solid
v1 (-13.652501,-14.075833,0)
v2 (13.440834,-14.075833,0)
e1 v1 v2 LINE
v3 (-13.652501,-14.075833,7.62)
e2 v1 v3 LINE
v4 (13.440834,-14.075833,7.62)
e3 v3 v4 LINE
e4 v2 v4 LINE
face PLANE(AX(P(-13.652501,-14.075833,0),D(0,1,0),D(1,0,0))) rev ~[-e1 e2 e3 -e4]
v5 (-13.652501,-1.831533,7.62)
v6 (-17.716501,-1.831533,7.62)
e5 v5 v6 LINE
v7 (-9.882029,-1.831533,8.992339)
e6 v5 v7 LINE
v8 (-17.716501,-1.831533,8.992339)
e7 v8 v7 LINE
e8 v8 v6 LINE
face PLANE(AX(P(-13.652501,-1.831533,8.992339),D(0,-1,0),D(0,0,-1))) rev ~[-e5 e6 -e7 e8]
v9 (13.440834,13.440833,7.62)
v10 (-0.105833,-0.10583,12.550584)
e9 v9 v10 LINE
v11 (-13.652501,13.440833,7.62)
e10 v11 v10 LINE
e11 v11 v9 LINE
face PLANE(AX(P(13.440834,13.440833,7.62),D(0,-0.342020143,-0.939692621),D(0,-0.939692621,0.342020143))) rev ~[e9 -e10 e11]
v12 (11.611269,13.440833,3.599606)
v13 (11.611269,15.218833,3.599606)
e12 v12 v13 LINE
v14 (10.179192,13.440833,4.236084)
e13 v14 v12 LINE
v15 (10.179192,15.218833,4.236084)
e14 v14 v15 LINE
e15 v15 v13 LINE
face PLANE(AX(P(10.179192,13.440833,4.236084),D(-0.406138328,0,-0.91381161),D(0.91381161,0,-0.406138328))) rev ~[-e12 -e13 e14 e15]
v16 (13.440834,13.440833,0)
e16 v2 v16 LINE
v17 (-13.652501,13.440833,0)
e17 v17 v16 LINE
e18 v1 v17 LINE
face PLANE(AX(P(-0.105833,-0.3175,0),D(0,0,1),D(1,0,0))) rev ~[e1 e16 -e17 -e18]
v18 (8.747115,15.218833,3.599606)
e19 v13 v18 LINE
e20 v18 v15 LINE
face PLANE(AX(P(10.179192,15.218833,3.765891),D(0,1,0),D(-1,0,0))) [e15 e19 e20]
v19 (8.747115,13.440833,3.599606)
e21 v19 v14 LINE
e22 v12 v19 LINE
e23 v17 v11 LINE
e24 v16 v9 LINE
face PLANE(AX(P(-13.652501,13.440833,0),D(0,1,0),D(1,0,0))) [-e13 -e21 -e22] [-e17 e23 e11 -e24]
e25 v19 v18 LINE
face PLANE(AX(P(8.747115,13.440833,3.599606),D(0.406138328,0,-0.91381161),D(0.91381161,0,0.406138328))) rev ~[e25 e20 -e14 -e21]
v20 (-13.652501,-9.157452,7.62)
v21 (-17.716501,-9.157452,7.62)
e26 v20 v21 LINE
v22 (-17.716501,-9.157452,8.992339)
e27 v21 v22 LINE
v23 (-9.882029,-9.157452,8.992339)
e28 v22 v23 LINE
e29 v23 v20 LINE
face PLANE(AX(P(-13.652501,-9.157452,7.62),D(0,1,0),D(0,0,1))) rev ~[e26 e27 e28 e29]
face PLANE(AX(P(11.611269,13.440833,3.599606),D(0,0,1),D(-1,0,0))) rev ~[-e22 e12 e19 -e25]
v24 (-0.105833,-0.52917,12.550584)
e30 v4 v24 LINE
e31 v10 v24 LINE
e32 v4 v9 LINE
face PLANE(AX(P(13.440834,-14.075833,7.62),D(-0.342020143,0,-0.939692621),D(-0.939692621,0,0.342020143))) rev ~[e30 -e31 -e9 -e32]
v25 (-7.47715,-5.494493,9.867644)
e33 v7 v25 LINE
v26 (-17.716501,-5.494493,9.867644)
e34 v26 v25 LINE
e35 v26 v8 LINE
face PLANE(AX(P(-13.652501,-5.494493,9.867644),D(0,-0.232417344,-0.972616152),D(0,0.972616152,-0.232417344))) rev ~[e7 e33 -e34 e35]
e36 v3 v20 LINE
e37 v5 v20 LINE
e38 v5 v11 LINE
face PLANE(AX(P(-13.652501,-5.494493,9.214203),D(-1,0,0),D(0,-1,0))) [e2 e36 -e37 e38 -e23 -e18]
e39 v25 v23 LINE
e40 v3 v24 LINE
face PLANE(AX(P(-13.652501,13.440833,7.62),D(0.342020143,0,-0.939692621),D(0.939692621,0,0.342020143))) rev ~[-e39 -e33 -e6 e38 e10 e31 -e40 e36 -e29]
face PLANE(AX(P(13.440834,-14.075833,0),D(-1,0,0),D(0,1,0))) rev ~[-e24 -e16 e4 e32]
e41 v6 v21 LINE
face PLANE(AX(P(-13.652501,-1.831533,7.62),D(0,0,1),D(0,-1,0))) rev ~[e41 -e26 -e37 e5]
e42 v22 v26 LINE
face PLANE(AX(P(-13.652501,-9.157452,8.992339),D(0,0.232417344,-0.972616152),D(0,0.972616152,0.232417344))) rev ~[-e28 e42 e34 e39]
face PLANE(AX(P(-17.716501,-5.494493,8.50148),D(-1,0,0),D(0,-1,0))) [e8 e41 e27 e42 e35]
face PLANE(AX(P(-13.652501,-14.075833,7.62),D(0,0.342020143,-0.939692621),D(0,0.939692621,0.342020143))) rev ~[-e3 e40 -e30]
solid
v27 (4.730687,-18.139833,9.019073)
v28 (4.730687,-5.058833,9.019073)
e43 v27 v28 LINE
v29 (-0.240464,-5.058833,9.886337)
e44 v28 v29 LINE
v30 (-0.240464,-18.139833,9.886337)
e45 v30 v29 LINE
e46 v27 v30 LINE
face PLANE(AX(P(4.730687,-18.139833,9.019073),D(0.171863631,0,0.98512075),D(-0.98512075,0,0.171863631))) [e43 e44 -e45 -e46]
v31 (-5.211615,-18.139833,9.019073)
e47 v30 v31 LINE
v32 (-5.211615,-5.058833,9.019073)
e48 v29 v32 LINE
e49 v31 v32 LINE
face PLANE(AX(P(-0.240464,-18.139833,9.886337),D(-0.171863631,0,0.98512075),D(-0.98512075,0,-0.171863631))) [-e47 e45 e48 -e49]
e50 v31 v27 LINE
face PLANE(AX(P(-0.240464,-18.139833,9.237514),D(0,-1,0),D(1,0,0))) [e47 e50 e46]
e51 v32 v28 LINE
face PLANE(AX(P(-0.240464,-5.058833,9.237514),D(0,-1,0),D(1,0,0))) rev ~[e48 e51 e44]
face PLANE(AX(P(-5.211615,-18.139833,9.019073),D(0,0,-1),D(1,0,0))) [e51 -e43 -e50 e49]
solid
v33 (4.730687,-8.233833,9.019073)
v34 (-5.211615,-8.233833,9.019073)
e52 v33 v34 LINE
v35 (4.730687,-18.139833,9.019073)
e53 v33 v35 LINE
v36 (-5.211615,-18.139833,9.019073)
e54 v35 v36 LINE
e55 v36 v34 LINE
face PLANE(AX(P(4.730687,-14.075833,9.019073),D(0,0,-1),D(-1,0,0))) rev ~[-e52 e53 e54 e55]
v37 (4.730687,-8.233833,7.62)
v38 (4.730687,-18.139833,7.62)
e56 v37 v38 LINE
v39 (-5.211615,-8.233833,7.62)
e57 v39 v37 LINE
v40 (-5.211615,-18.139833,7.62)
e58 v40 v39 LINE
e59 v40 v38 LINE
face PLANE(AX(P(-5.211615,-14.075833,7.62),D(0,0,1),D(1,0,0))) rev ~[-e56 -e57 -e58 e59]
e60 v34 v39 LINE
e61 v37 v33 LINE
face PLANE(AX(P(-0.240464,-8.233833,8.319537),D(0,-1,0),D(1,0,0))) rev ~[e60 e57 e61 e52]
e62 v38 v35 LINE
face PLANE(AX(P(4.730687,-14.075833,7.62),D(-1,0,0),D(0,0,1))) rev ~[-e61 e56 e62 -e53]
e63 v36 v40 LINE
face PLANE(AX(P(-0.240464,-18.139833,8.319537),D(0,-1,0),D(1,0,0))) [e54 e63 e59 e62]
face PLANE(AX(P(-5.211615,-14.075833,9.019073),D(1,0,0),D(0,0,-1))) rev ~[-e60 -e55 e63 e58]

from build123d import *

# Parameters (mm, degrees)
F0_W      = 27.0933350548
F0_H      = 27.5166667998
F1_DEPTH  = 7.62
F3_DEPTH  = 6.35
F3_TAPER  = 70
F5_DEPTH  = 5.842
F6_DEPTH  = 4.064
F8_DEPTH  = 13.081
F10_DEPTH = 7.874
F12_DEPTH = 4.064
F14_DEPTH = 1.778


with BuildPart() as f1:
    # F0 (on Top) → F1 (new body)
    with BuildSketch(Plane.XY):
        with Locations((-0.1058331691, -0.3174999729)):
            Rectangle(F0_W, F0_H)
    extrude(amount=F1_DEPTH)

    # F2 (on face) → F3 (join)
    with BuildSketch(Plane.XY.offset(7.62)):
        Polygon((13.4408343583, -14.0758333728), (13.4408343583, 13.440833427), (0, 0), align=None)
        Polygon((13.4408343583, 13.440833427), (-13.6525006965, 13.440833427), (0, 0), align=None)
        Polygon((0, 0), (-13.6525006965, 13.440833427), (-13.6525006965, -14.0758333728), align=None)
        Polygon((0, 0), (-13.6525006965, -14.0758333728), (13.4408343583, -14.0758333728), align=None)
    extrude(amount=F3_DEPTH, taper=F3_TAPER)

    # F9 (on face) → F10 (join)
    with BuildSketch(Plane(origin=(-13.6525006965, 0, 0), x_dir=(0, -1, 0), z_dir=(-1, 0, 0))):
        Polygon((1.8315333873, 8.9923394844), (9.157451801, 8.9923394844), (5.4944925942, 9.8676439375), align=None)
        Polygon((1.8315333873, 7.62), (1.9266750896, 7.62), (9.157451801, 7.62), (9.157451801, 8.9923394844), (1.8315333873, 8.9923394844), align=None)
    extrude(amount=-F10_DEPTH)

    # F11 (on face) → F12 (join)
    with BuildSketch(Plane(origin=(-13.6525006965, 0, 0), x_dir=(0, -1, 0), z_dir=(-1, 0, 0))):
        Polygon((1.8315333873, 8.9923394844), (1.8315333873, 7.62), (9.157451801, 7.62), (9.157451801, 8.9923394844), (5.4944925942, 9.8676439375), align=None)
    extrude(amount=F12_DEPTH)

    # F13 (on face) → F14 (join)
    with BuildSketch(Plane(origin=(0, 13.440833427, 0), x_dir=(-1, 0, 0), z_dir=(0, 1, 0))):
        Polygon((-10.1791918278, 4.2360839434), (-11.6112688556, 3.599605523), (-8.7471147999, 3.599605523), align=None)
    extrude(amount=F14_DEPTH)


with BuildPart() as f5:
    # F4 (on face) → F5 (new body)
    with BuildSketch(Plane.XZ.offset(14.0758333728)):
        Polygon((-5.2116154693, 7.62), (4.0088039823, 7.62), (4.730687011, 7.62), (4.730687011, 9.0190730989), (4.0088039823, 9.0190730989), (3.6806750577, 9.0190730989), (-5.2116154693, 9.0190730989), align=None)
    extrude(amount=-F5_DEPTH)

    # F6 (add): a face of the model
    f6_faces = [f5.faces().sort_by_distance(p)[0] for p in [
        (-0.2404642291, -14.0758333728, 8.3195365494),
    ]]
    extrude(f6_faces, amount=F6_DEPTH)


with BuildPart() as f8:
    # F7 (on face) → F8 (new body)
    with BuildSketch(Plane.XZ.offset(18.1398333728)):
        Polygon((-0.2404642291, 9.8863374442), (-5.2116154693, 9.0190730989), (4.730687011, 9.0190730989), align=None)
    extrude(amount=-F8_DEPTH)


solid = Compound([f1.part, f5.part, f8.part])
